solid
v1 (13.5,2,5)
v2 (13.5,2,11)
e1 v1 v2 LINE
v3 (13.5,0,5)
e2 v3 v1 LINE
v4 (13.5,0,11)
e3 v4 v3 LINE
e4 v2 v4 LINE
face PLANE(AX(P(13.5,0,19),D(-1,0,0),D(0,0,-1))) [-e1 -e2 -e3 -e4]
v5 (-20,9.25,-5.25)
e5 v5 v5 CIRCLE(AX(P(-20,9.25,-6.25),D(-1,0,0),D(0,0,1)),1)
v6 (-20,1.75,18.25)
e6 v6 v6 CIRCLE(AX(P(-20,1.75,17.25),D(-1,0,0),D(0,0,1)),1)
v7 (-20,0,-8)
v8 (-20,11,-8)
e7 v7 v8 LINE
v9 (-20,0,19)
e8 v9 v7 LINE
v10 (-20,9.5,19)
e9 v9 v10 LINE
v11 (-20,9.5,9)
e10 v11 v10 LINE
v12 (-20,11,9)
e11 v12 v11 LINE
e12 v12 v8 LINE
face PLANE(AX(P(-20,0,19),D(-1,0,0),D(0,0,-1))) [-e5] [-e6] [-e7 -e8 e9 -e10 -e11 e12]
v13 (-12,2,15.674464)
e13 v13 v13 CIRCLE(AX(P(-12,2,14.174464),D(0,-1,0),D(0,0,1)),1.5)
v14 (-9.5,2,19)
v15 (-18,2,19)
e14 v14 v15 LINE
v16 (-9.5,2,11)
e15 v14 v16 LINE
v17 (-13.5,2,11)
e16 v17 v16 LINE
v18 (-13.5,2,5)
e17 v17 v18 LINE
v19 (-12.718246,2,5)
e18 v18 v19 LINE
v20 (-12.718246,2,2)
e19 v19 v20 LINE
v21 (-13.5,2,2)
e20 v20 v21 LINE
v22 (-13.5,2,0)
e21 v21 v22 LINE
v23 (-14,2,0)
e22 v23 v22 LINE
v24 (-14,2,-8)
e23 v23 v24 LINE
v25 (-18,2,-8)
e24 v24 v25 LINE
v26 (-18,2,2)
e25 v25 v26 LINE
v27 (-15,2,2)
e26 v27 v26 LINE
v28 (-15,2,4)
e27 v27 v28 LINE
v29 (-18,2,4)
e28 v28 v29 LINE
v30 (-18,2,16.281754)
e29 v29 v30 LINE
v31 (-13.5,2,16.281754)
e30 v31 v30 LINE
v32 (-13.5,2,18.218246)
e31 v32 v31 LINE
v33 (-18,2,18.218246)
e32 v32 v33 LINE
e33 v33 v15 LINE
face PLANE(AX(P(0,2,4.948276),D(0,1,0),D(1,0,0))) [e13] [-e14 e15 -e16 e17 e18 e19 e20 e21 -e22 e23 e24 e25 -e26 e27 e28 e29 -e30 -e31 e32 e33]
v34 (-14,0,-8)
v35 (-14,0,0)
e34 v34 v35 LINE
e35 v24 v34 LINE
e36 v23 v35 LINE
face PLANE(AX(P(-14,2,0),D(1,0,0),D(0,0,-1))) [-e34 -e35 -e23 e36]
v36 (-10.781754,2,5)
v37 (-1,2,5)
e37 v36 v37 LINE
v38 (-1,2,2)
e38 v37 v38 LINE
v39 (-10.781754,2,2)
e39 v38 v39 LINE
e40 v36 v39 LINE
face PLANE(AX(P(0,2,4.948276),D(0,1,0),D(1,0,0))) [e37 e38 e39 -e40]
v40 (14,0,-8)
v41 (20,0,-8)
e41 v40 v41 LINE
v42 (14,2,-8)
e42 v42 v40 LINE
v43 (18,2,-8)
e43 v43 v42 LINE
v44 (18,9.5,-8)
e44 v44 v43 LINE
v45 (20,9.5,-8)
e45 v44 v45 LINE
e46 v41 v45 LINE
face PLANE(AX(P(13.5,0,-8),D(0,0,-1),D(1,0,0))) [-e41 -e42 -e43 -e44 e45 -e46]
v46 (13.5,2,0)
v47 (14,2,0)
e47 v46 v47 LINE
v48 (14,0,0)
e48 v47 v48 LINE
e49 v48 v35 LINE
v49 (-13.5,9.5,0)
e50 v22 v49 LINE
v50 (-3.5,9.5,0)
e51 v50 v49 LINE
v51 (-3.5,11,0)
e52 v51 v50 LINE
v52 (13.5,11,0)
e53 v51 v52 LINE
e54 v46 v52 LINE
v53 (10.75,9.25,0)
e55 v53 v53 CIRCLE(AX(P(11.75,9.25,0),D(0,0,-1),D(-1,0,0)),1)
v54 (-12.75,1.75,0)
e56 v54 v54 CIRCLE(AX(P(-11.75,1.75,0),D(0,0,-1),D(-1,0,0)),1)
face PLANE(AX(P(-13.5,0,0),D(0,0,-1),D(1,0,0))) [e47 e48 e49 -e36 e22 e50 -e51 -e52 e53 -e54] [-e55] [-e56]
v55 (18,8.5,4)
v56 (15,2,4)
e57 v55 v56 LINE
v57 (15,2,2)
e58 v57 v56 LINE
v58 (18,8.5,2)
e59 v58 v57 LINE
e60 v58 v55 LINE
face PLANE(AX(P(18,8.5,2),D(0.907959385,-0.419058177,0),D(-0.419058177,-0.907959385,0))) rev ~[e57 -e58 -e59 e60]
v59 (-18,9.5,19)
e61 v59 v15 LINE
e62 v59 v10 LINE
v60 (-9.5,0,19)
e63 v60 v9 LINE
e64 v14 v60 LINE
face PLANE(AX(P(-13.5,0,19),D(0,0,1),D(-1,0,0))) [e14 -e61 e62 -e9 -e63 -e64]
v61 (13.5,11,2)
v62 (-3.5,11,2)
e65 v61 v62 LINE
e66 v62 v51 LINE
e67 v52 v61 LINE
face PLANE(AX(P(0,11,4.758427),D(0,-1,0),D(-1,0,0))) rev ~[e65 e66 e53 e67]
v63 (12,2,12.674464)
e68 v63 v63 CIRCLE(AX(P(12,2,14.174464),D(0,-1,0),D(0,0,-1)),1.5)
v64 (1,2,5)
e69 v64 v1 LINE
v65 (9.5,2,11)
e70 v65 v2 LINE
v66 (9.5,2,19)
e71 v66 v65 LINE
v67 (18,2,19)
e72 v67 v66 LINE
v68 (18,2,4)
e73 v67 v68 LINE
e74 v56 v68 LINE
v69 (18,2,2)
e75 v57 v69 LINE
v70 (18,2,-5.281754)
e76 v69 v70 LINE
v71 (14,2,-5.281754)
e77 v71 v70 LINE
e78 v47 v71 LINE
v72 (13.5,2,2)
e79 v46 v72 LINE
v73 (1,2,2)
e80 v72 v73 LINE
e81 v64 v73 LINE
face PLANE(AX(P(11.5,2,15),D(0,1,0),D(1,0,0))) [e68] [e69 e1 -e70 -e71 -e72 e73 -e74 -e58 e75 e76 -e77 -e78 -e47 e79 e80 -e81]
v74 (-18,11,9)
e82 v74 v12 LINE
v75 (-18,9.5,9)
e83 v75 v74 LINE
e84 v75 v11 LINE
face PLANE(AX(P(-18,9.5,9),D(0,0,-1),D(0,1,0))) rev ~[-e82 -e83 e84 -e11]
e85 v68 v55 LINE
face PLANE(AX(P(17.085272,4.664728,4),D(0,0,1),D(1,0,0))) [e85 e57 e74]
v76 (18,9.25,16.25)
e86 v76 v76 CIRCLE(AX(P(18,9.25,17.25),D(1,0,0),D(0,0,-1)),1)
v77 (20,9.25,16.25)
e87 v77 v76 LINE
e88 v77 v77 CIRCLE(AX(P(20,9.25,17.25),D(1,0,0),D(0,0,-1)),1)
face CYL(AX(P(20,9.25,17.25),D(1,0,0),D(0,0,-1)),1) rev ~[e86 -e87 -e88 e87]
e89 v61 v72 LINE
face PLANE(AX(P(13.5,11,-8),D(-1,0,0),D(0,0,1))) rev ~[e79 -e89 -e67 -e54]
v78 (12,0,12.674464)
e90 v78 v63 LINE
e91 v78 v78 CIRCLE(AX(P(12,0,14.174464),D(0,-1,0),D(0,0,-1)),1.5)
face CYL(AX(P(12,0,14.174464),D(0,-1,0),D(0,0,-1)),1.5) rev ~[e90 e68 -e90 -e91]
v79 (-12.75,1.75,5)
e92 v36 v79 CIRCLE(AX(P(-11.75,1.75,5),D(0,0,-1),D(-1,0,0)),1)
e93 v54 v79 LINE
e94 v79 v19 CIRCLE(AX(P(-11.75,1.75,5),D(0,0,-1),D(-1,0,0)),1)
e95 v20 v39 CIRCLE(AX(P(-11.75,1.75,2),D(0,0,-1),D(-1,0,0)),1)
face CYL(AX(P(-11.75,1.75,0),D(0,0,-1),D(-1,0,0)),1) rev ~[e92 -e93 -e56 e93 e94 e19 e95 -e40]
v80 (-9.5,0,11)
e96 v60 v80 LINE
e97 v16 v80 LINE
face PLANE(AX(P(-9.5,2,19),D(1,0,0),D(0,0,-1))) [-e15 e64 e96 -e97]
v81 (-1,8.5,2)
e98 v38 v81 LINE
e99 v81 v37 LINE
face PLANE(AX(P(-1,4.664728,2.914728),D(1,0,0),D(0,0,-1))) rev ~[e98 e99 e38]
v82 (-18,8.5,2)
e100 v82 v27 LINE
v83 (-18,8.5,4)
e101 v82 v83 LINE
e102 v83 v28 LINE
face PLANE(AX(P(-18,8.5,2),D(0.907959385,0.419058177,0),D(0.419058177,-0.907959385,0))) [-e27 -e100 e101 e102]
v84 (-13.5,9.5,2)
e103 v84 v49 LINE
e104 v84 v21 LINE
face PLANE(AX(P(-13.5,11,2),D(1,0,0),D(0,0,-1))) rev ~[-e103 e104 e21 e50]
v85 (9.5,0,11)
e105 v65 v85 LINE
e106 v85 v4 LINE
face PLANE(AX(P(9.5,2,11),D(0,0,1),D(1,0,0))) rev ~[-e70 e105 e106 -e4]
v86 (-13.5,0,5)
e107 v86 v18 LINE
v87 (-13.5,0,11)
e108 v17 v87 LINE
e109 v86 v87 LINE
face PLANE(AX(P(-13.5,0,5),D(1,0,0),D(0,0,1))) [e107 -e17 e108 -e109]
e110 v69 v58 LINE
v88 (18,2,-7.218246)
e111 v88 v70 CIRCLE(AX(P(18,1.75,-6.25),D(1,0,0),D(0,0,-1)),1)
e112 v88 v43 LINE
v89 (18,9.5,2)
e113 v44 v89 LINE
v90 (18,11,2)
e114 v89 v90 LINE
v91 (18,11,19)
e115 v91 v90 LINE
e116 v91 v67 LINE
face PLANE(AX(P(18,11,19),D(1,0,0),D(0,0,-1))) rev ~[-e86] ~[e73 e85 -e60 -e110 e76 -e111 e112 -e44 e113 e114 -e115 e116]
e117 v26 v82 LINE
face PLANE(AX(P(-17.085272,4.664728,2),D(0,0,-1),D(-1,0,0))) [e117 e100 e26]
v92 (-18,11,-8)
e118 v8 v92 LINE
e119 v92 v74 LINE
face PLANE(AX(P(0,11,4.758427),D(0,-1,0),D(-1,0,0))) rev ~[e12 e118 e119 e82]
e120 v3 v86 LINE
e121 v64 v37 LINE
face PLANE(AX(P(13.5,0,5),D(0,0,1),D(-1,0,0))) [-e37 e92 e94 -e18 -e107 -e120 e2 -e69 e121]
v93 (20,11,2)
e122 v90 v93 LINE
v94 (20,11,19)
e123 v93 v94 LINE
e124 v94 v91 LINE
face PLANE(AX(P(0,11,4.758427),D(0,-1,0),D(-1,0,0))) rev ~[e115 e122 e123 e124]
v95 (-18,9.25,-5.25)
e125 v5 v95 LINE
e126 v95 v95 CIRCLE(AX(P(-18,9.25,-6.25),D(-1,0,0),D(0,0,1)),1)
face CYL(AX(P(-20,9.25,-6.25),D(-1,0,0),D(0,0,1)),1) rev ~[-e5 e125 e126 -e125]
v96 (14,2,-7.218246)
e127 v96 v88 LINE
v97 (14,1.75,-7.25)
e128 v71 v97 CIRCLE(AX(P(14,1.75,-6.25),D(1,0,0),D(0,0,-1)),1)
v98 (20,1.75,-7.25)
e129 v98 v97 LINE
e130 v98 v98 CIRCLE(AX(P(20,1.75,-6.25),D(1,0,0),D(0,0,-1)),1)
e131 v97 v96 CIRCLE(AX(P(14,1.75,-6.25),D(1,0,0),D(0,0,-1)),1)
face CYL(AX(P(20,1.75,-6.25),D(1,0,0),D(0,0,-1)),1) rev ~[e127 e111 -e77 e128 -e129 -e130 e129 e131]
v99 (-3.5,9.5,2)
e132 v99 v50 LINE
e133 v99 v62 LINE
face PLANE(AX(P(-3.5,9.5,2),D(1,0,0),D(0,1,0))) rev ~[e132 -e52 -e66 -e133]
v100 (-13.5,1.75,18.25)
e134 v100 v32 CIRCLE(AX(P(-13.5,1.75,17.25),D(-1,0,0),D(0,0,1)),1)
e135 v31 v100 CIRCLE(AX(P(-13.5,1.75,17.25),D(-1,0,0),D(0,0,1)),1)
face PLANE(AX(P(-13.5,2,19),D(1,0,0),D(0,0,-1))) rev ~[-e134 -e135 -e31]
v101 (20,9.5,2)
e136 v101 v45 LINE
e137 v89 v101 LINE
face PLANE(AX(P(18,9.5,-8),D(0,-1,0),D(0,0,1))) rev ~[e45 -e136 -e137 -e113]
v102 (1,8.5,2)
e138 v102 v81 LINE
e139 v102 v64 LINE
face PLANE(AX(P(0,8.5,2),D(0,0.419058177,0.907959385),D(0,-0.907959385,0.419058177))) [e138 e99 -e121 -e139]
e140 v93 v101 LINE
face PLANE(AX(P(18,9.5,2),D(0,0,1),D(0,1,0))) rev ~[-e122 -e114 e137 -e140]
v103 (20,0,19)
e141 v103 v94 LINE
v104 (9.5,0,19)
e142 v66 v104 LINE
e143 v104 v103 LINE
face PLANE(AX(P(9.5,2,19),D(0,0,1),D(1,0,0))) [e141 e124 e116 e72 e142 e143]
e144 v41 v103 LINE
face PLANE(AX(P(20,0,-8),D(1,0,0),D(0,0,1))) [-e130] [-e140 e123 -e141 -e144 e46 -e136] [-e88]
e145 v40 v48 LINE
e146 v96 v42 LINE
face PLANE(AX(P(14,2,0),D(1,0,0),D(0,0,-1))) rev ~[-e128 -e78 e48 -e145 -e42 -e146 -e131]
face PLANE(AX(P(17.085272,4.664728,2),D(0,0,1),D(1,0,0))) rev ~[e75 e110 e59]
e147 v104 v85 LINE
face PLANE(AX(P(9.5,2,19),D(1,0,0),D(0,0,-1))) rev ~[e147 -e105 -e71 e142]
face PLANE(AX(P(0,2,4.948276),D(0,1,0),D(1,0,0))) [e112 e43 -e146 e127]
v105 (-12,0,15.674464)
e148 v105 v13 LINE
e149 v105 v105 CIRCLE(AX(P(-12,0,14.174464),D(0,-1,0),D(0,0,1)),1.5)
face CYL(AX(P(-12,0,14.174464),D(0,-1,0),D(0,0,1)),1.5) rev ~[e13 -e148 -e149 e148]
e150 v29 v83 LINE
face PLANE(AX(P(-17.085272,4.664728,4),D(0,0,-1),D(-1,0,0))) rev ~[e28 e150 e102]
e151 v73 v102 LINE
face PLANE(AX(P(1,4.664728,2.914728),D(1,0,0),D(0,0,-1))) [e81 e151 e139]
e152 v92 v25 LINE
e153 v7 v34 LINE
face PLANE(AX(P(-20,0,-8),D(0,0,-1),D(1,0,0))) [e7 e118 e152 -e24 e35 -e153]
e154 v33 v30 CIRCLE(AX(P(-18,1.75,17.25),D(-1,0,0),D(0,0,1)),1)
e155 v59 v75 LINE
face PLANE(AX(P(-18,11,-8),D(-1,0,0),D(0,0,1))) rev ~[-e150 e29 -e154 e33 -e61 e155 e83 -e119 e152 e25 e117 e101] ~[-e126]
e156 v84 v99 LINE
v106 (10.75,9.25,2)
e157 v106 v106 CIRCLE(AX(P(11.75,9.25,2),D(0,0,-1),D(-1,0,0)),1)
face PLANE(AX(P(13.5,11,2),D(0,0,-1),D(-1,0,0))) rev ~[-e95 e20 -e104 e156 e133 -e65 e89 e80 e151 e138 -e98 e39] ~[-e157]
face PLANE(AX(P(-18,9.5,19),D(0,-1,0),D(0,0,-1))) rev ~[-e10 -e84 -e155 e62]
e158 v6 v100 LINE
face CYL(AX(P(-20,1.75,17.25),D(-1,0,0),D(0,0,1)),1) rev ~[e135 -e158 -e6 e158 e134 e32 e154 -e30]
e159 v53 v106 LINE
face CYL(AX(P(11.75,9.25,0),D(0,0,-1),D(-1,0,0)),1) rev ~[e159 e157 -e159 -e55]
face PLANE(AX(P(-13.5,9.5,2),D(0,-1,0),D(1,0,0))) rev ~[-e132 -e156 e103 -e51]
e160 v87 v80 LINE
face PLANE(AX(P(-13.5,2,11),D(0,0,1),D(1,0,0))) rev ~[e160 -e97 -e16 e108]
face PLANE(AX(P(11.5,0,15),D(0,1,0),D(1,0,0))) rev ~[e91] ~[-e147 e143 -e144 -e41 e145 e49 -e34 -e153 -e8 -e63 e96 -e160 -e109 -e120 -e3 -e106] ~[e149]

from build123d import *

# Parameters (mm, degrees)
BOSS_EXTRUDE1_DEPTH = 11
CUT_EXTRUDE1_DEPTH  = 9
SKETCH3_W           = 10
SKETCH3_H           = 1.5
CUT_EXTRUDE2_DEPTH  = 9
SKETCH4_W           = 10
SKETCH4_H           = 1.5
CUT_EXTRUDE3_DEPTH  = 9
SKETCH5_W           = 10
SKETCH5_H           = 1.5
CUT_EXTRUDE4_DEPTH  = 9
SKETCH6_R           = 1
CUT_EXTRUDE5_DEPTH  = 9
SKETCH7_R           = 1
CUT_EXTRUDE6_DEPTH  = 9
SKETCH8_R           = 1
CUT_EXTRUDE10_DEPTH = 9
BOSS_EXTRUDE2_DEPTH = 1
SKETCH11_W          = 0.5
SKETCH11_H          = 8
CUT_EXTRUDE12_DEPTH = 30.017236257
BOSS_EXTRUDE3_DEPTH = 2
SKETCH13_W          = 4
SKETCH13_H          = 8
BOSS_EXTRUDE4_DEPTH = 2
SKETCH14_R          = 1.5
CUT_EXTRUDE13_DEPTH = 10


with BuildPart() as part:
    # Sketch1 → Boss-Extrude1 (new body)
    with BuildSketch(Plane(origin=(0, 0, 0), x_dir=(1, 0, 0), z_dir=(0, 1, 0))):
        Polygon((-13.5, 0), (13.5, 0), (13.5, 8), (20, 8), (20, -19), (13.5, -19), (13.5, -5), (-13.5, -5), (-13.5, -19), (-20, -19), (-20, 8), (-13.5, 8), align=None)
    extrude(amount=BOSS_EXTRUDE1_DEPTH)

    # Sketch2 → Cut-Extrude1 (cut)
    with BuildSketch(Plane(origin=(0, 11, 0), x_dir=(1, 0, 0), z_dir=(0, 1, 0))):
        Polygon((-18, 8), (-18, -19), (-13.5, -19), (-13.5, -5), (13.5, -5), (13.5, -19), (18, -19), (18, 8), (13.5, 8), (13.5, -2), (-13.5, -2), (-13.5, 8), align=None)
    extrude(amount=-CUT_EXTRUDE1_DEPTH, mode=Mode.SUBTRACT)

    # Sketch3 → Cut-Extrude2 (cut)
    with BuildSketch(Plane.XY.offset(2)):
        with Locations((-8.5, 10.25)):
            Rectangle(SKETCH3_W, SKETCH3_H)
    extrude(amount=-CUT_EXTRUDE2_DEPTH, mode=Mode.SUBTRACT)

    # Sketch4 → Cut-Extrude3 (cut)
    with BuildSketch(Plane.ZY.offset(-18)):
        with Locations((-3, 10.25)):
            Rectangle(SKETCH4_W, SKETCH4_H)
    extrude(amount=-CUT_EXTRUDE3_DEPTH, mode=Mode.SUBTRACT)

    # Sketch5 → Cut-Extrude4 (cut)
    with BuildSketch(Plane(origin=(-18, 0, 0), x_dir=(0, 0, -1), z_dir=(1, 0, 0))):
        with Locations((-14, 10.25)):
            Rectangle(SKETCH5_W, SKETCH5_H)
    extrude(amount=-CUT_EXTRUDE4_DEPTH, mode=Mode.SUBTRACT)

    # Sketch6 → Cut-Extrude5 (cut)
    with BuildSketch(Plane(origin=(0, 0, 0), x_dir=(-1, 0, 0), z_dir=(0, 0, -1))):
        with Locations((11.75, 1.75)):
            Circle(SKETCH6_R)
        with Locations((-11.75, 9.25)):
            Circle(SKETCH6_R)
    extrude(amount=-CUT_EXTRUDE5_DEPTH, mode=Mode.SUBTRACT)

    # Sketch7 → Cut-Extrude6 (cut)
    with BuildSketch(Plane(origin=(20, 0, 0), x_dir=(0, 0, -1), z_dir=(1, 0, 0))):
        with Locations((6.25, 1.75)):
            Circle(SKETCH7_R)
        with Locations((-17.25, 9.25)):
            Circle(SKETCH7_R)
    extrude(amount=-CUT_EXTRUDE6_DEPTH, mode=Mode.SUBTRACT)

    # Sketch8 → Cut-Extrude10 (cut)
    with BuildSketch(Plane.ZY.offset(20)):
        with Locations((17.25, 1.75)):
            Circle(SKETCH8_R)
        with Locations((-6.25, 9.25)):
            Circle(SKETCH8_R)
    extrude(amount=-CUT_EXTRUDE10_DEPTH, mode=Mode.SUBTRACT)

    # Sketch10 → Boss-Extrude2 (add, symmetric)
    with BuildSketch(Plane(origin=(0, 0, 0), x_dir=(0, 0, -1), z_dir=(1, 0, 0))):
        Polygon((-5, 2), (-2, 2), (-2, 8.5), align=None)
    extrude(amount=BOSS_EXTRUDE2_DEPTH, both=True)

    # Sketch11 → Cut-Extrude12 (cut, through all)
    with BuildSketch(Plane(origin=(0, 2, 0), x_dir=(1, 0, 0), z_dir=(0, 1, 0))):
        with Locations((-13.75, 4)):
            Rectangle(SKETCH11_W, SKETCH11_H)
        with Locations((13.75, 4)):
            Rectangle(SKETCH11_W, SKETCH11_H)
    extrude(amount=-CUT_EXTRUDE12_DEPTH, mode=Mode.SUBTRACT)

    # Sketch12 → Boss-Extrude3 (add)
    with BuildSketch(Plane.XY.offset(2)):
        Polygon((-18, 8.5), (-15, 2), (-18, 2), align=None)
        Polygon((18, 2), (18, 8.5), (15, 2), align=None)
    extrude(amount=BOSS_EXTRUDE3_DEPTH)

    # Sketch13 → Boss-Extrude4 (add)
    with BuildSketch(Plane(origin=(0, 2, 0), x_dir=(1, 0, 0), z_dir=(0, 1, 0))):
        with Locations((11.5, -15)):
            Rectangle(SKETCH13_W, SKETCH13_H)
        with Locations((-11.5, -15)):
            Rectangle(SKETCH13_W, SKETCH13_H)
    extrude(amount=-BOSS_EXTRUDE4_DEPTH)

    # Sketch14 → Cut-Extrude13 (cut)
    with BuildSketch(Plane(origin=(0, 0, 0), x_dir=(-1, 0, 0), z_dir=(0, -1, 0))):
        with Locations(Location((-12, -14.174463975, 0), (0, 0, 90))):
            Circle(SKETCH14_R)
        with Locations(Location((12, -14.174463975, 0), (0, 0, 270))):
            Circle(SKETCH14_R)
    extrude(amount=-CUT_EXTRUDE13_DEPTH, mode=Mode.SUBTRACT)


solid = part.part
